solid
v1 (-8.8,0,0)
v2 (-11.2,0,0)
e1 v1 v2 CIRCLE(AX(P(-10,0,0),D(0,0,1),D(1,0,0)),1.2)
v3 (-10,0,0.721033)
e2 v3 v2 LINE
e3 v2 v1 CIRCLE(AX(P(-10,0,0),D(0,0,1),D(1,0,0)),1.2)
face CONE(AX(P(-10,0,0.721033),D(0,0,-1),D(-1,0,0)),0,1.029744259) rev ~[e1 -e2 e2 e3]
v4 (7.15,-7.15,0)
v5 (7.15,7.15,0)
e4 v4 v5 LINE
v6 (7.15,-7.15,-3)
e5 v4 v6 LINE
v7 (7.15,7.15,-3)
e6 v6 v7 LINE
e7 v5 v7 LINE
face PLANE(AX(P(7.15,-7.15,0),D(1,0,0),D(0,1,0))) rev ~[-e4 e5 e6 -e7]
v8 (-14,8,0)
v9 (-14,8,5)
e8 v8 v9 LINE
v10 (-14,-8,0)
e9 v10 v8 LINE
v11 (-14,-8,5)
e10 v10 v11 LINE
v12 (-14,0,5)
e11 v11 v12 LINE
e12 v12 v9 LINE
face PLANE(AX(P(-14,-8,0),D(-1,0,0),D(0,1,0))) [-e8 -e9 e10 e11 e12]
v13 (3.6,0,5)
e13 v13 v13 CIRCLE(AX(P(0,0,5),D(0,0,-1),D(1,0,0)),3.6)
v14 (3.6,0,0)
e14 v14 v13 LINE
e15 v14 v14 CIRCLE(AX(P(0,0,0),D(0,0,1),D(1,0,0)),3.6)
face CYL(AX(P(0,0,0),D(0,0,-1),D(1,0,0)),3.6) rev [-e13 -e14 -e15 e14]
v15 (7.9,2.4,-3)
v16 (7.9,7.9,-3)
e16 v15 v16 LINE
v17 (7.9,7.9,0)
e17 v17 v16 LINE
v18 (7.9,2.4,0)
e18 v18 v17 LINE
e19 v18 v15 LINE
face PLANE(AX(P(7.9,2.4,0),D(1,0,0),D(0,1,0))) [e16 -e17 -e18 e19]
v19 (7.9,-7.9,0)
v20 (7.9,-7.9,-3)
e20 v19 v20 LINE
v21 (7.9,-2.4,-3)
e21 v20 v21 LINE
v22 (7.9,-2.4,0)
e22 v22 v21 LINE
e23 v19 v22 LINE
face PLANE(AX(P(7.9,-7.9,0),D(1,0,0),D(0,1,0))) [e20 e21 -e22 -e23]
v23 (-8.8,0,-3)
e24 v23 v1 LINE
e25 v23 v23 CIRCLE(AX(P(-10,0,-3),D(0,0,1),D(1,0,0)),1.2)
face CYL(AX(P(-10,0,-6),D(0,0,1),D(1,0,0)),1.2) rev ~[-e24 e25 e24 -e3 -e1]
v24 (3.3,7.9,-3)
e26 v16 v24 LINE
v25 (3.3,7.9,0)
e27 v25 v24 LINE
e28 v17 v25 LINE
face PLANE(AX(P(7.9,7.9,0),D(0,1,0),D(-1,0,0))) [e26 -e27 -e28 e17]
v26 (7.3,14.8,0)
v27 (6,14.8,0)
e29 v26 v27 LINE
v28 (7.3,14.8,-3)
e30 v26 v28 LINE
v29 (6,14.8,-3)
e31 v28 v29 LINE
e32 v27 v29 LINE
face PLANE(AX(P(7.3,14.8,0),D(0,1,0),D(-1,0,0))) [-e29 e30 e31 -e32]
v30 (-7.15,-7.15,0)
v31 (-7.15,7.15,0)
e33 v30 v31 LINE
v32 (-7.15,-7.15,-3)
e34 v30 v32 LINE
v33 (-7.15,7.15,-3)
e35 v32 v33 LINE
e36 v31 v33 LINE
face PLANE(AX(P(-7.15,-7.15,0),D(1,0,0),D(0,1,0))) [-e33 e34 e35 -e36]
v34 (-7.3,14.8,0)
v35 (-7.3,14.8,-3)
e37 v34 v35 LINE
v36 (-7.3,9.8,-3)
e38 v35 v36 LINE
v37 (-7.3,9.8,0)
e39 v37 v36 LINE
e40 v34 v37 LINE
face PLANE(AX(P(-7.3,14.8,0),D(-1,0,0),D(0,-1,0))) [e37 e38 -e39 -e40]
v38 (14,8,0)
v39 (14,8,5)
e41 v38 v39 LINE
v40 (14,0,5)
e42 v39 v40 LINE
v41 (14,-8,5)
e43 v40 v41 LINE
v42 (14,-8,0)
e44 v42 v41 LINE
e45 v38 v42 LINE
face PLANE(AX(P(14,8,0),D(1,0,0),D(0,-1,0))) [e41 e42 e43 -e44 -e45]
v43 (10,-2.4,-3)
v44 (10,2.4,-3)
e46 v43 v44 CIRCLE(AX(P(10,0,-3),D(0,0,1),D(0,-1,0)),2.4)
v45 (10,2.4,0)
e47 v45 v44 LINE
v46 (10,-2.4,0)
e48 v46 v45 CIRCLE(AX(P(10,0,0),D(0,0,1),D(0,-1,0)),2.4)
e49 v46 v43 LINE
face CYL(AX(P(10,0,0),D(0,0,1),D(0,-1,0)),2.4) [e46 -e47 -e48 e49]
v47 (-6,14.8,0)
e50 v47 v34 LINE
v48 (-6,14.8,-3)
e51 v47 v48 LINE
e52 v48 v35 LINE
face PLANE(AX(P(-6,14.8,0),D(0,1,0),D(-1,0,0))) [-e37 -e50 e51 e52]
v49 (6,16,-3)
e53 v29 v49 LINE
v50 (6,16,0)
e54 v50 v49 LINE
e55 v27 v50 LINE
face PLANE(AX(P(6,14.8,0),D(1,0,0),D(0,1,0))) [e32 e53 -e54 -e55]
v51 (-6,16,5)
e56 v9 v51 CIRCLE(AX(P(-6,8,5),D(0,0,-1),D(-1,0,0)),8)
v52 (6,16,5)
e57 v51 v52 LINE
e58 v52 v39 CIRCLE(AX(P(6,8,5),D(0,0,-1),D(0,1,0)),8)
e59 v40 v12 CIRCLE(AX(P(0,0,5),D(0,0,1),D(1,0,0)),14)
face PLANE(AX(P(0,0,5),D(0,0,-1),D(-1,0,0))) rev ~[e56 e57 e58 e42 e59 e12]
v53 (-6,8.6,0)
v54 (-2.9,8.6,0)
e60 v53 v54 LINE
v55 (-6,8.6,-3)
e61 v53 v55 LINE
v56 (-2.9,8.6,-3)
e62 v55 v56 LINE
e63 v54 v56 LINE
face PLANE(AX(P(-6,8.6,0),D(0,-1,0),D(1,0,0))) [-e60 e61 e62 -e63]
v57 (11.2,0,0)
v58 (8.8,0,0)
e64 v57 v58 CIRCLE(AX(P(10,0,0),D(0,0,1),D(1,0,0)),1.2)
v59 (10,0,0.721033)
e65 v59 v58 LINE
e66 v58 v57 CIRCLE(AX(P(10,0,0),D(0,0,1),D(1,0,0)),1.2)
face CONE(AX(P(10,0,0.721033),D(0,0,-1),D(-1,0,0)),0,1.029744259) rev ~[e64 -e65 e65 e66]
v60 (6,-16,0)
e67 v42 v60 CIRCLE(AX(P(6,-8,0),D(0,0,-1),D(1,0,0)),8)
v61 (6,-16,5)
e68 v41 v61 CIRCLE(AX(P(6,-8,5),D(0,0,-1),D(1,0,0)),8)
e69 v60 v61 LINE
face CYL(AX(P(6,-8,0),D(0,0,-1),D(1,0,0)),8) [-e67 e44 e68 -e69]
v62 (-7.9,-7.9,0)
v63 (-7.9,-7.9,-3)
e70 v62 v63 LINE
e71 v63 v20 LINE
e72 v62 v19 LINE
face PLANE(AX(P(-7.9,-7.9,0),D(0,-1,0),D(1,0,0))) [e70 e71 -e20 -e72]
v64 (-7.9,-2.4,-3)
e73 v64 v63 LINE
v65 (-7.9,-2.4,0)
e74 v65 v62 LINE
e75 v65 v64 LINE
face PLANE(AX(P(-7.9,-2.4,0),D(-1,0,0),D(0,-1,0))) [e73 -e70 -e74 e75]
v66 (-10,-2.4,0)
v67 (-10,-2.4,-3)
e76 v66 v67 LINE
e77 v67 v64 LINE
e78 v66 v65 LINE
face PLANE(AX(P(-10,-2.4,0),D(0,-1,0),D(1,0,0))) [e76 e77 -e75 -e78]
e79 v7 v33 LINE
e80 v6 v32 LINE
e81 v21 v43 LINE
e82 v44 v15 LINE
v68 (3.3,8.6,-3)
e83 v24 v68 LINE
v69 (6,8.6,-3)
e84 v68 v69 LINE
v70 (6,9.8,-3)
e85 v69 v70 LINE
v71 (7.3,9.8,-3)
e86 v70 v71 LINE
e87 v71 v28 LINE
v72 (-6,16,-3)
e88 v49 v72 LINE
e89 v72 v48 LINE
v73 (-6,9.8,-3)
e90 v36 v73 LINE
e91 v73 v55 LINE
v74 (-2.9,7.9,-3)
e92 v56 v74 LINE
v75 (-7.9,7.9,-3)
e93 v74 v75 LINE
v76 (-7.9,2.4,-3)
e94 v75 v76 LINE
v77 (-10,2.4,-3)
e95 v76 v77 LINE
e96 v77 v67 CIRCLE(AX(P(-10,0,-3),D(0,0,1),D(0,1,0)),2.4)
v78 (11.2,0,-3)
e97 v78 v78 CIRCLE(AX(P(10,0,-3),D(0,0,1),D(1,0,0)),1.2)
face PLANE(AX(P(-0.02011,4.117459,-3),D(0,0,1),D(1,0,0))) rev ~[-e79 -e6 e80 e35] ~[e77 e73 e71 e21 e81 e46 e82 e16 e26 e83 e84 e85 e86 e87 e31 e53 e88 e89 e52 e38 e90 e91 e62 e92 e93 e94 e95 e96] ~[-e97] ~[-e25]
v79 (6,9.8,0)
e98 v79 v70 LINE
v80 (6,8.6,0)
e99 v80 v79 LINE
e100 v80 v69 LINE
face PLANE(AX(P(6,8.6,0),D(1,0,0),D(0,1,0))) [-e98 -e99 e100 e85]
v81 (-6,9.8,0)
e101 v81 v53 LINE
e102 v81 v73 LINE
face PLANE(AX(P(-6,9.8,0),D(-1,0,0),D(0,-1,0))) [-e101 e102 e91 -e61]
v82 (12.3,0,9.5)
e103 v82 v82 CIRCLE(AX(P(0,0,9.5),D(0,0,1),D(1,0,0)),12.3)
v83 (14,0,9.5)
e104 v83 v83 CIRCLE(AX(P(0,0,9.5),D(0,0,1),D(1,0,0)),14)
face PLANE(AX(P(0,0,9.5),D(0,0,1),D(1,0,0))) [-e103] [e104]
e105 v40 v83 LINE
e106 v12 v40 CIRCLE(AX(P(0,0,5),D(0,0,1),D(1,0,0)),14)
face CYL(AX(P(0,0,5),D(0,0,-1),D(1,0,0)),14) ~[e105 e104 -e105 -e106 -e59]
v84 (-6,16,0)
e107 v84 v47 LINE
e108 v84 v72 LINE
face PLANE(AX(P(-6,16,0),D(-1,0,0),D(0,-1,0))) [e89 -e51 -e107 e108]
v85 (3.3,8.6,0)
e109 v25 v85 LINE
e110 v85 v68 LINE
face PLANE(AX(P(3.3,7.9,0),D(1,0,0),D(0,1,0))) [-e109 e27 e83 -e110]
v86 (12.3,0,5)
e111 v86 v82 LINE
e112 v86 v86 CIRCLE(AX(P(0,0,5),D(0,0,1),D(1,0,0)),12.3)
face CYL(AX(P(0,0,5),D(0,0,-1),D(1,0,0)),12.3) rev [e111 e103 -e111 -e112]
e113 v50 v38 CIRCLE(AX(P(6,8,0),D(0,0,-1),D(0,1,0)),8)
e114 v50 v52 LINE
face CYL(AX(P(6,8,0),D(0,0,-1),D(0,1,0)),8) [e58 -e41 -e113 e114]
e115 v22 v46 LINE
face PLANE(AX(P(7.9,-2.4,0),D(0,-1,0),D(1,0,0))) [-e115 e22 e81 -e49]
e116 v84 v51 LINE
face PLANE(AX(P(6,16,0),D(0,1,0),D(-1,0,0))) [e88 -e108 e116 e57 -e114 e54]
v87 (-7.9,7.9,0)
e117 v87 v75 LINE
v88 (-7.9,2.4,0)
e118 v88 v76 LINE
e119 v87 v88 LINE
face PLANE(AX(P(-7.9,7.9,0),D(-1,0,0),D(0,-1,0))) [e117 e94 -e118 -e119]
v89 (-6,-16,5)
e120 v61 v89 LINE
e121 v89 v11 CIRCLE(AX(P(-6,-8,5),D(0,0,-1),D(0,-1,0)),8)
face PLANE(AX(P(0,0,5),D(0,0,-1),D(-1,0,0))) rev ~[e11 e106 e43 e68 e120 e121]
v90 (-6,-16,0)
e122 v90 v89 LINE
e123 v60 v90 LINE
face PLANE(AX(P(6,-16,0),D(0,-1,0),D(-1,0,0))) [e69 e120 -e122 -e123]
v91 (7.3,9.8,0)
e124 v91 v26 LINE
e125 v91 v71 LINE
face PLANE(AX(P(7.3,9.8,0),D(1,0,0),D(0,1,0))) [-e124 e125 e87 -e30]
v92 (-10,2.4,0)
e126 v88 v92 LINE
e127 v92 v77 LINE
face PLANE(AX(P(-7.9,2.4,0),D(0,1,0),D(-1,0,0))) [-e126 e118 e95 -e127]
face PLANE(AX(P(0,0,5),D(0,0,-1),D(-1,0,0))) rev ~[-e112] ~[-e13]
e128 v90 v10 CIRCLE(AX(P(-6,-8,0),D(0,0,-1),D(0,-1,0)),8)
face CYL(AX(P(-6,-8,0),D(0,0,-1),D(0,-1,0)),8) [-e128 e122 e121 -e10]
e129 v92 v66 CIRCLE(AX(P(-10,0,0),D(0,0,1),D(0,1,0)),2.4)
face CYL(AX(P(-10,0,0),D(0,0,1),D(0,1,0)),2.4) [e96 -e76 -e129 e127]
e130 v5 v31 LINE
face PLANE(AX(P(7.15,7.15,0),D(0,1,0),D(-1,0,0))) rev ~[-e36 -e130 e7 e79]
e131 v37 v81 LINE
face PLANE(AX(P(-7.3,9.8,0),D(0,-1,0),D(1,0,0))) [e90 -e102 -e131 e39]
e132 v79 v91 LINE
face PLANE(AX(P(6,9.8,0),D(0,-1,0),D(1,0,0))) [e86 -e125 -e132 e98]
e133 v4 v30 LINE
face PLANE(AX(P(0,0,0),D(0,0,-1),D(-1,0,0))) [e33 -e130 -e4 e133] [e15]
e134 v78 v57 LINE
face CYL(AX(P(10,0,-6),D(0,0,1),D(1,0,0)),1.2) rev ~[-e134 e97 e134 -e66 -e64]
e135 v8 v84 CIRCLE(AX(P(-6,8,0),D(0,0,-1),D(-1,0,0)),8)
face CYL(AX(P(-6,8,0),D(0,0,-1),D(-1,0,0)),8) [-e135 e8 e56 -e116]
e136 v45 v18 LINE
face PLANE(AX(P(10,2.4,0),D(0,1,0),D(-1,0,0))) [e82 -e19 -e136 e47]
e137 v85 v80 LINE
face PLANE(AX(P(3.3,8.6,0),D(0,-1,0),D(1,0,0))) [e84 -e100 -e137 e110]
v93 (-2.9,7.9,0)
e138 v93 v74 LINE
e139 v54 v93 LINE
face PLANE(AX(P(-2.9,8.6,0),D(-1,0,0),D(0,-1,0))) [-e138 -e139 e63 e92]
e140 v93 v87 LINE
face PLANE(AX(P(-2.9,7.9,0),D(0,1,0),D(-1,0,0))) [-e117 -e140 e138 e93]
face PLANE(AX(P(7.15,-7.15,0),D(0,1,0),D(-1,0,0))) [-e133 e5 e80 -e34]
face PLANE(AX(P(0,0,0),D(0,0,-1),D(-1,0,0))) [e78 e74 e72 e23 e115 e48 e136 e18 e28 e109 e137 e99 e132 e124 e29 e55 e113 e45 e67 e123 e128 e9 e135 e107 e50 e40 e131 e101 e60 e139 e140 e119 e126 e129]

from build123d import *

# Parameters (mm, degrees)
EXTRUDE_1_DEPTH        = 5
SKETCH_2_R             = 14
SKETCH_2_R_2           = 12.3
EXTRUDE_2_DEPTH        = 4.5
SKETCH_3_W             = 14.3
SKETCH_3_H             = 14.3
EXTRUDE_3_DEPTH        = 3
SKETCH_4_R             = 3.6
CUT_EXTRUDE_2_DEPTH    = 24.286262044
HOLE_WIZARD_M2_1_D     = 2.4
HOLE_WIZARD_M2_1_DEPTH = 3
HOLE_WIZARD_M2_1_TIP   = 0.721032743


with BuildPart() as part:
    # 스케치1 → 보스-돌출1 (new body)
    with BuildSketch(Plane.XY):
        with BuildLine():
            Line((-6, 16), (6, 16))
            ThreePointArc((6, 16), (11.656854249, 13.656854249), (14, 8))
            Line((14, 8), (14, -8))
            ThreePointArc((14, -8), (11.656854249, -13.656854249), (6, -16))
            Line((6, -16), (-6, -16))
            ThreePointArc((-6, -16), (-11.656854249, -13.656854249), (-14, -8))
            Line((-14, -8), (-14, 8))
            ThreePointArc((-14, 8), (-11.656854249, 13.656854249), (-6, 16))
        make_face()
    extrude(amount=EXTRUDE_1_DEPTH)

    # 스케치2 → 보스-돌출2 (add)
    with BuildSketch(Plane.XY.offset(5)):
        Circle(SKETCH_2_R)
        Circle(SKETCH_2_R_2, mode=Mode.SUBTRACT)
    extrude(amount=EXTRUDE_2_DEPTH)

    # 스케치3 → 보스-돌출3 (add)
    with BuildSketch(Plane(origin=(0, 0, 0), x_dir=(-1, 0, 0), z_dir=(0, 0, -1))):
        with BuildLine():
            Line((-7.9, 7.9), (-3.3, 7.9))
            Line((-3.3, 7.9), (-3.3, 8.6))
            Line((-3.3, 8.6), (-6, 8.6))
            Line((-6, 8.6), (-6, 9.8))
            Line((-6, 9.8), (-7.3, 9.8))
            Line((-7.3, 9.8), (-7.3, 14.8))
            Line((-7.3, 14.8), (-6, 14.8))
            Line((-6, 14.8), (-6, 16))
            Line((-6, 16), (6, 16))
            Line((6, 16), (6, 14.8))
            Line((6, 14.8), (7.3, 14.8))
            Line((7.3, 14.8), (7.3, 9.8))
            Line((7.3, 9.8), (6, 9.8))
            Line((6, 9.8), (6, 8.6))
            Line((6, 8.6), (2.9, 8.6))
            Line((2.9, 8.6), (2.9, 7.9))
            Line((2.9, 7.9), (7.9, 7.9))
            Line((7.9, 7.9), (7.9, 2.4))
            Line((7.9, 2.4), (10, 2.4))
            ThreePointArc((10, 2.4), (12.4, 0), (10, -2.4))
            Line((10, -2.4), (7.9, -2.4))
            Line((7.9, -2.4), (7.9, -7.9))
            Line((7.9, -7.9), (-7.9, -7.9))
            Line((-7.9, -7.9), (-7.9, -2.4))
            Line((-7.9, -2.4), (-10, -2.4))
            ThreePointArc((-10, -2.4), (-12.4, 0), (-10, 2.4))
            Line((-10, 2.4), (-7.9, 2.4))
            Line((-7.9, 2.4), (-7.9, 7.9))
        make_face()
        Rectangle(SKETCH_3_W, SKETCH_3_H, mode=Mode.SUBTRACT)
    extrude(amount=EXTRUDE_3_DEPTH)

    # 스케치4 → 컷-돌출2 (cut, through all)
    with BuildSketch(Plane.XY):
        Circle(SKETCH_4_R)
    extrude(amount=CUT_EXTRUDE_2_DEPTH, mode=Mode.SUBTRACT)

    # M2 여유 구멍1
    with Locations(Plane(origin=(-10, 0, -3), x_dir=(-1, 0, 0), z_dir=(0, 0, -1))):
        with Locations((0, 0), (-20, 0)):
            Hole(HOLE_WIZARD_M2_1_D / 2, depth=HOLE_WIZARD_M2_1_DEPTH)
            with Locations((0, 0, -(HOLE_WIZARD_M2_1_DEPTH + HOLE_WIZARD_M2_1_TIP / 2))):  # 118° drill point
                Cone(0, HOLE_WIZARD_M2_1_D / 2, HOLE_WIZARD_M2_1_TIP, mode=Mode.SUBTRACT)


solid = part.part
